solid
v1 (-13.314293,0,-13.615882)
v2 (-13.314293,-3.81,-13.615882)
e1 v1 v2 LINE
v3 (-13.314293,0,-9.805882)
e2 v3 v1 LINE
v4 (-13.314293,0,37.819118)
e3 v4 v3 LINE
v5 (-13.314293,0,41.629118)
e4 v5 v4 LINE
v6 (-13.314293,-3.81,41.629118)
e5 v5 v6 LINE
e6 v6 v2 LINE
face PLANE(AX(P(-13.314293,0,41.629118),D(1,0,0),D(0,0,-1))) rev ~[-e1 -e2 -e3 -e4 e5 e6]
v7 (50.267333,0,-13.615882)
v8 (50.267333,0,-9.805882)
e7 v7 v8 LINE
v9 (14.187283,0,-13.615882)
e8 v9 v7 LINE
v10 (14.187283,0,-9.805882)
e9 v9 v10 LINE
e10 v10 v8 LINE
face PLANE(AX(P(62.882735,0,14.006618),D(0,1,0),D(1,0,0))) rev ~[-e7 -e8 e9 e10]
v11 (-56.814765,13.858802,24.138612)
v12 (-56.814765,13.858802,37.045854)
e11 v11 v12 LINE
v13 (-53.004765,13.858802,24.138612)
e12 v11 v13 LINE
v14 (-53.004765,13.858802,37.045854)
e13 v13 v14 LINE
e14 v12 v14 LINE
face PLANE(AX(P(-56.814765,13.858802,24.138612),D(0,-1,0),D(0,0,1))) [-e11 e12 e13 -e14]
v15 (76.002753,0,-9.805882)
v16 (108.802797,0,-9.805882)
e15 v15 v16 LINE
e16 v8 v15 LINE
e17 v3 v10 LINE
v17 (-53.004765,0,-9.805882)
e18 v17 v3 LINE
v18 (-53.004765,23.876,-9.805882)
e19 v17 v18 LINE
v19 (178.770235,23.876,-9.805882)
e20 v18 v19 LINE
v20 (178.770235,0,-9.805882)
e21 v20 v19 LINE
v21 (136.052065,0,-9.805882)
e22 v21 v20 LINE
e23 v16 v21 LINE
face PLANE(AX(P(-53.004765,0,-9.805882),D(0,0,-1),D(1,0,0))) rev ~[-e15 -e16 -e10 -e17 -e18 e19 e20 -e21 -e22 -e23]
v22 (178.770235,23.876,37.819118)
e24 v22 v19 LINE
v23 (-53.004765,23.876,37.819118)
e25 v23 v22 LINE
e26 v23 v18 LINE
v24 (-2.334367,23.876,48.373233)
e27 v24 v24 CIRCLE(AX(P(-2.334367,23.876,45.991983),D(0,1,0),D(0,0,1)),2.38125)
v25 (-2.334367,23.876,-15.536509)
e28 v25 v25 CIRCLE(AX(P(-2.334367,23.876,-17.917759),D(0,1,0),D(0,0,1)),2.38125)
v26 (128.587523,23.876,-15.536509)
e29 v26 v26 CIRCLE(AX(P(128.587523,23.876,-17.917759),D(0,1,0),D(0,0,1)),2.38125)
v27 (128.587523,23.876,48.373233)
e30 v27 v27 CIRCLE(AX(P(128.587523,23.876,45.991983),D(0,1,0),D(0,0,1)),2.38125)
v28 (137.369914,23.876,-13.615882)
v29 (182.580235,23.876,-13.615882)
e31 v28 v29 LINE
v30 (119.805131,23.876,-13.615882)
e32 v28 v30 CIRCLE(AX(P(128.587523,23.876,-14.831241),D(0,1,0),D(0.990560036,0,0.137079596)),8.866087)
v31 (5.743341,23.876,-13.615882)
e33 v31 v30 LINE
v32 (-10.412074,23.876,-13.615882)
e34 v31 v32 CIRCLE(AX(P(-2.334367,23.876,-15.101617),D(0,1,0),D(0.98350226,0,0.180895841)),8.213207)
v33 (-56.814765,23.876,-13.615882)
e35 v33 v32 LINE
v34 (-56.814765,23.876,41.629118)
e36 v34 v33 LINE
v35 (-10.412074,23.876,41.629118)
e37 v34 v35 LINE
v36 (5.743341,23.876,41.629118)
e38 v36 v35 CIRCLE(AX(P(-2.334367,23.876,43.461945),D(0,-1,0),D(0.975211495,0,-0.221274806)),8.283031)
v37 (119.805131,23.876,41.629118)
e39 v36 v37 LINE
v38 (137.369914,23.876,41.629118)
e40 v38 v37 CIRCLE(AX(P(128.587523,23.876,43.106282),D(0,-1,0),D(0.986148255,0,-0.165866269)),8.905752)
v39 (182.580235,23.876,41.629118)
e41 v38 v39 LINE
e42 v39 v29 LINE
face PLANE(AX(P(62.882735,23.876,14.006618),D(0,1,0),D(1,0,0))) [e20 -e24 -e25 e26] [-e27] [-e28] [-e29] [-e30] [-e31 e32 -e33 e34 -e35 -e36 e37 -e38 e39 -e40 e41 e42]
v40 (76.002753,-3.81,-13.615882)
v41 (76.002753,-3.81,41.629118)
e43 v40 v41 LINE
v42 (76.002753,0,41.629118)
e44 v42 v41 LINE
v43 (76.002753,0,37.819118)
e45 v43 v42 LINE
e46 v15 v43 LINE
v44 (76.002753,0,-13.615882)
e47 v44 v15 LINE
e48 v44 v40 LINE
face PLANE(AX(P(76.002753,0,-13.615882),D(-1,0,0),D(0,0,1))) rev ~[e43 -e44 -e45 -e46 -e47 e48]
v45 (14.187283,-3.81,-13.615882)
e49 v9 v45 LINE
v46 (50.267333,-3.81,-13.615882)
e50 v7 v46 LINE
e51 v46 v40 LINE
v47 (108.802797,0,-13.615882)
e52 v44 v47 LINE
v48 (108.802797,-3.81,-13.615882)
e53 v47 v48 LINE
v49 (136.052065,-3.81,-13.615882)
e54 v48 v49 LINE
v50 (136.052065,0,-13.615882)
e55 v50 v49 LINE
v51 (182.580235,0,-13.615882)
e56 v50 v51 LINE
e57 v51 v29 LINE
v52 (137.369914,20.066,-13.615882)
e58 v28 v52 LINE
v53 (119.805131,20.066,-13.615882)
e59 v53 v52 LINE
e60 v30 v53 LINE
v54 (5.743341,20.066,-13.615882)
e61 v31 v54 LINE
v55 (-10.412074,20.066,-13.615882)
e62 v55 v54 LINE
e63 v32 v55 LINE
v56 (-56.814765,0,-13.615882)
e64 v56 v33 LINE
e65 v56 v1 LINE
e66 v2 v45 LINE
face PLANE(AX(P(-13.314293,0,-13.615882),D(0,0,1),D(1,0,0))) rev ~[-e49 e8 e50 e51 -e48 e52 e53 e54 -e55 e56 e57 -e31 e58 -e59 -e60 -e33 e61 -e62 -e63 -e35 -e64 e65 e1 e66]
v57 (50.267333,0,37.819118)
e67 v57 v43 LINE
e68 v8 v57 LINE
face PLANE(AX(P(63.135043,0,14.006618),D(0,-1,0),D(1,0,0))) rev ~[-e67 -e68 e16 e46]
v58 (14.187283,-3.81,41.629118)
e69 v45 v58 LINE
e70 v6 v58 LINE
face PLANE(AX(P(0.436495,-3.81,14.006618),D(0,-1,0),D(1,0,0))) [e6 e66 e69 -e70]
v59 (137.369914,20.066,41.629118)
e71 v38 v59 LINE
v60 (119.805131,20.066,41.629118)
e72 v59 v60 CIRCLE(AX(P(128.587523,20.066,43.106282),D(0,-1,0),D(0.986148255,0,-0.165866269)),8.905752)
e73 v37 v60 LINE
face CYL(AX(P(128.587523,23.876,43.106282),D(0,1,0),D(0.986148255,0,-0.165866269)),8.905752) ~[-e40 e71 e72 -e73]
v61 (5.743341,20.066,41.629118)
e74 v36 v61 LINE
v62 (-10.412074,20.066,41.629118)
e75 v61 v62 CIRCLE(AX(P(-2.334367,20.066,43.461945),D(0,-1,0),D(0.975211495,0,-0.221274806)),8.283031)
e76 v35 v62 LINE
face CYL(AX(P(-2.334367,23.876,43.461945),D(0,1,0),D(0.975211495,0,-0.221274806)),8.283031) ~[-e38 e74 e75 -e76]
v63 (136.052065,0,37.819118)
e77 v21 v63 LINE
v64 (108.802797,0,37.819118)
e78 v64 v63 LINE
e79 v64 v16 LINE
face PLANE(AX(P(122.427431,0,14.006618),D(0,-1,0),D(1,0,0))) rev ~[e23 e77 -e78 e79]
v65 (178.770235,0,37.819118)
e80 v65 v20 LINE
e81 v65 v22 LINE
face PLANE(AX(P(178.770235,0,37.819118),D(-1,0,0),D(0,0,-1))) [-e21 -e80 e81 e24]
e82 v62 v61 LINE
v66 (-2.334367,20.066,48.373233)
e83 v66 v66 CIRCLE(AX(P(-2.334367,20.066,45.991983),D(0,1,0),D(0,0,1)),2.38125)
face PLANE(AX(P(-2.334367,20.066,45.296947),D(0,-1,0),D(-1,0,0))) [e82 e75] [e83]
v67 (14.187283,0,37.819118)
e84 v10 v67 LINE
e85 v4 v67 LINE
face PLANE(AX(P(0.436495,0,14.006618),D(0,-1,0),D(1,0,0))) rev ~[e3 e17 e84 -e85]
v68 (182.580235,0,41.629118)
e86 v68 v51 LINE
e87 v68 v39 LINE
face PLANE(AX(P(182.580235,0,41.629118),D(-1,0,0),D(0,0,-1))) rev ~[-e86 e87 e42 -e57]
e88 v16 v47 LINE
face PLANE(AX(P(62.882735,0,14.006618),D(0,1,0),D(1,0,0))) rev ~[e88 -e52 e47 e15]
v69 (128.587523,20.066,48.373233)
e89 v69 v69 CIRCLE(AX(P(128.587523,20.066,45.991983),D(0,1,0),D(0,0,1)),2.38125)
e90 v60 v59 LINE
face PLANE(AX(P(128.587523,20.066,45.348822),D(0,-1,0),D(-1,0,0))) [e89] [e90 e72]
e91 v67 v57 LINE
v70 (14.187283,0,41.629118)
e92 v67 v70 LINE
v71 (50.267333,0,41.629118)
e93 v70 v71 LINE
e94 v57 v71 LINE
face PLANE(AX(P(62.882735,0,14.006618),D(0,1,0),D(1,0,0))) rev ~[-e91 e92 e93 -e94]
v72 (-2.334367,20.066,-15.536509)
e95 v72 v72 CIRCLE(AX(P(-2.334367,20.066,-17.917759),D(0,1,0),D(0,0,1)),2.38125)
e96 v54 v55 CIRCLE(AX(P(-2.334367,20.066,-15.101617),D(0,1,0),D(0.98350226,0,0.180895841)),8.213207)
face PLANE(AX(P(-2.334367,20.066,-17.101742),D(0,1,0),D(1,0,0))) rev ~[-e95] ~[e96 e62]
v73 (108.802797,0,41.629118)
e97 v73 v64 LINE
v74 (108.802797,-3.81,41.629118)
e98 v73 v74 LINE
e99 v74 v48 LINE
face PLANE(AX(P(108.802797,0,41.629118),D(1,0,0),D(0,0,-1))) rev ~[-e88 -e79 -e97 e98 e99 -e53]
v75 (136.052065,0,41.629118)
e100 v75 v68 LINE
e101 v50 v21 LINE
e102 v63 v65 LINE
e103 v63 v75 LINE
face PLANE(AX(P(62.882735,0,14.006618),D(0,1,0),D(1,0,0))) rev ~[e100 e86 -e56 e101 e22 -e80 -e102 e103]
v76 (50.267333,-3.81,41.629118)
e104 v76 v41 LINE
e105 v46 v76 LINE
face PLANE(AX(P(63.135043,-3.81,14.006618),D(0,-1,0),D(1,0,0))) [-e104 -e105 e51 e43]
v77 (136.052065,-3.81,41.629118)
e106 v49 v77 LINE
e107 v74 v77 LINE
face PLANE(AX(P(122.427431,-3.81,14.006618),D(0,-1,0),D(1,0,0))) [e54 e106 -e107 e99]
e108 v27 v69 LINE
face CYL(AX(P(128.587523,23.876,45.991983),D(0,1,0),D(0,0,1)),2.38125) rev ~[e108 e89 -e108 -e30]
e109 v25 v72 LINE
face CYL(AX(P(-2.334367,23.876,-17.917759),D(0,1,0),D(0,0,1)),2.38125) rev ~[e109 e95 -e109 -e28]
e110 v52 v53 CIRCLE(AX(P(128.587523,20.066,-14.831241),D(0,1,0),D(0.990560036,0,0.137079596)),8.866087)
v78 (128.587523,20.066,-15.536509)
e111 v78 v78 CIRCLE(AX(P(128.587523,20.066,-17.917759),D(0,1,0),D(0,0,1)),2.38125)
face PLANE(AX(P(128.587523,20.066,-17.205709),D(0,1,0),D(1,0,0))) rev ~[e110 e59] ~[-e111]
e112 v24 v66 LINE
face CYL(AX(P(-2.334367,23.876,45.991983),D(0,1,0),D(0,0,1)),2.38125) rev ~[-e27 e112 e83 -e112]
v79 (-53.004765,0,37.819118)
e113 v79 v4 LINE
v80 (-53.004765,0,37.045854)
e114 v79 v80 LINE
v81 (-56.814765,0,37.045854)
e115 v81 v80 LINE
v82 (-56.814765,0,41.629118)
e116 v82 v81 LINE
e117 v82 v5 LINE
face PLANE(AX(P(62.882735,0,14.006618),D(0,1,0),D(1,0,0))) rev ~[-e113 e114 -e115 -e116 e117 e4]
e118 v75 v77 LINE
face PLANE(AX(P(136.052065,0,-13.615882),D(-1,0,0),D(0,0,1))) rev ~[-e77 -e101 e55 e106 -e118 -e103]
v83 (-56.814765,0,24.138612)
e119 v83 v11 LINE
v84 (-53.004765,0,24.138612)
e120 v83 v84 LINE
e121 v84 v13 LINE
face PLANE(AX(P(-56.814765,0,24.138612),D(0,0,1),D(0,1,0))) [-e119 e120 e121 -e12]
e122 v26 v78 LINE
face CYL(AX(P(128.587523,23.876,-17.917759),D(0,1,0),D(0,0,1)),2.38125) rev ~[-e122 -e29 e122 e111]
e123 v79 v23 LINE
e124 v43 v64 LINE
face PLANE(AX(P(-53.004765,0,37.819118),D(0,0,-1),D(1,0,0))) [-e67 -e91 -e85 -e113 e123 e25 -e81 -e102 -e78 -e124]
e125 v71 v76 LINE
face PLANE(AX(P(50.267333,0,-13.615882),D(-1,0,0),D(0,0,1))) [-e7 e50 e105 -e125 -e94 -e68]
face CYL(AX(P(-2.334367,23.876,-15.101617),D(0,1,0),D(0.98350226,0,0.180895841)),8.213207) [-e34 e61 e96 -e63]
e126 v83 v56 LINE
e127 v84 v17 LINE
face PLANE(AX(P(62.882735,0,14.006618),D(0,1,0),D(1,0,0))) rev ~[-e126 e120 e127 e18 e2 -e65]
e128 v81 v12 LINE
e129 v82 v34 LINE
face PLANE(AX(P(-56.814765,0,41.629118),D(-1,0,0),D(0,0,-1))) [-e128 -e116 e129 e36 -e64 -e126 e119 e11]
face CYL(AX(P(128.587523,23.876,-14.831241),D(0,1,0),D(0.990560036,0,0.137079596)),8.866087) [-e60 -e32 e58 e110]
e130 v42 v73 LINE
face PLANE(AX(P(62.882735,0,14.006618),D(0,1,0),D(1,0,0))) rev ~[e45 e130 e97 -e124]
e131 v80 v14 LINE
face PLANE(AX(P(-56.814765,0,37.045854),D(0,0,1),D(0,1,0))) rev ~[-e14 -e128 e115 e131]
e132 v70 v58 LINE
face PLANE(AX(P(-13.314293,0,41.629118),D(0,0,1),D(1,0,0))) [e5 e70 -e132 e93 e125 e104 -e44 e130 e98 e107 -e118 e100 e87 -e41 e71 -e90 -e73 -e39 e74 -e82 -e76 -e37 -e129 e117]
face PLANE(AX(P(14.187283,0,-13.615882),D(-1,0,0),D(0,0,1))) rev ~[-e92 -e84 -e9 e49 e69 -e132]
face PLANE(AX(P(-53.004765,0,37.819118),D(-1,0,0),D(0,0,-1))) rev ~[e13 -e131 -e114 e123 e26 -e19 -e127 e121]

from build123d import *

# Parameters (mm, degrees)
SKETCH1_W           = 239.395
SKETCH1_H           = 55.245
SKETCH1_W_2         = 231.775
SKETCH1_H_2         = 47.625
BOSS_EXTRUDE1_DEPTH = 23.876
SKETCH2_W           = 27.501576043
SKETCH2_H           = 47.625
SKETCH2_W_2         = 27.249268006
SKETCH2_H_2         = 3.81
SKETCH2_W_3         = 25.735419783
SKETCH2_H_3         = 55.245
BOSS_EXTRUDE2_DEPTH = 3.81
SKETCH3_W           = 12.907242676
SKETCH3_H           = 13.858802321
CUT_EXTRUDE1_DEPTH  = 3.81
SKETCH4_R           = 2.38125
BOSS_EXTRUDE3_DEPTH = 3.81


with BuildPart() as part:
    # Sketch1 → Boss-Extrude1 (new body)
    with BuildSketch(Plane(origin=(0, 0, 0), x_dir=(1, 0, 0), z_dir=(0, 1, 0))):
        with Locations((62.882734648, -14.00661841)):
            Rectangle(SKETCH1_W, SKETCH1_H)
        with Locations((62.882734648, -14.00661841)):
            Rectangle(SKETCH1_W_2, SKETCH1_H_2, mode=Mode.SUBTRACT)
    extrude(amount=BOSS_EXTRUDE1_DEPTH)

    # Sketch2 → Boss-Extrude2 (add)
    with BuildSketch(Plane.XZ):
        with Locations((0.436495468, 14.00661841)):
            Rectangle(SKETCH2_W, SKETCH2_H)
        with Locations((122.427431402, 14.00661841)):
            Rectangle(SKETCH2_W_2, SKETCH2_H)
        with Locations((122.427431402, 39.72411841)):
            Rectangle(SKETCH2_W_2, SKETCH2_H_2)
        with Locations((0.436495468, 39.72411841)):
            Rectangle(SKETCH2_W, SKETCH2_H_2)
        with Locations((0.436495468, -11.71088159)):
            Rectangle(SKETCH2_W, SKETCH2_H_2)
        with Locations((122.427431402, -11.71088159)):
            Rectangle(SKETCH2_W_2, SKETCH2_H_2)
        with Locations((63.135042686, 14.00661841)):
            Rectangle(SKETCH2_W_3, SKETCH2_H_3)
    extrude(amount=BOSS_EXTRUDE2_DEPTH)

    # Sketch3 → Cut-Extrude1 (cut)
    with BuildSketch(Plane.ZY.offset(56.814765352)):
        with Locations((30.592232843, 6.929401161)):
            Rectangle(SKETCH3_W, SKETCH3_H)
    extrude(amount=-CUT_EXTRUDE1_DEPTH, mode=Mode.SUBTRACT)

    # Sketch4 → Boss-Extrude3 (add)
    # profile 1 of 4: a face of its own
    with BuildSketch(Plane(origin=(0, 23.876, 0), x_dir=(1, 0, 0), z_dir=(0, 1, 0))):
        with BuildLine():
            Line((-10.412074004, 13.61588159), (5.743340555, 13.61588159))
            ThreePointArc((5.743340555, 13.61588159), (-2.334366725, 23.314823136), (-10.412074004, 13.61588159))
        make_face()
        with Locations(Location((-2.334366725, 17.917758685, 0), (0, 0, 270))):
            Circle(SKETCH4_R, mode=Mode.SUBTRACT)
    # profile 2 of 4: a face of its own
    with BuildSketch(Plane(origin=(0, 23.876, 0), x_dir=(1, 0, 0), z_dir=(0, 1, 0))):
        with BuildLine():
            Line((-10.412074004, -41.62911841), (5.743340555, -41.62911841))
            ThreePointArc((5.743340555, -41.62911841), (-2.334366725, -51.744975779), (-10.412074004, -41.62911841))
        make_face()
        with Locations(Location((-2.334366725, -45.991983403, 0), (0, 0, 270))):
            Circle(SKETCH4_R, mode=Mode.SUBTRACT)
    # profile 3 of 4: a face of its own
    with BuildSketch(Plane(origin=(0, 23.876, 0), x_dir=(1, 0, 0), z_dir=(0, 1, 0))):
        with BuildLine():
            Line((119.805130889, -41.62911841), (137.369914175, -41.62911841))
            ThreePointArc((137.369914175, -41.62911841), (128.587522532, -52.012034088), (119.805130889, -41.62911841))
        make_face()
        with Locations(Location((128.587522532, -45.991983403, 0), (0, 0, 270))):
            Circle(SKETCH4_R, mode=Mode.SUBTRACT)
    # profile 4 of 4: a face of its own
    with BuildSketch(Plane(origin=(0, 23.876, 0), x_dir=(1, 0, 0), z_dir=(0, 1, 0))):
        with BuildLine():
            Line((119.805130889, 13.61588159), (137.369914175, 13.61588159))
            ThreePointArc((137.369914175, 13.61588159), (128.587522532, 23.697328425), (119.805130889, 13.61588159))
        make_face()
        with Locations(Location((128.587522532, 17.917758685, 0), (0, 0, 270))):
            Circle(SKETCH4_R, mode=Mode.SUBTRACT)
    extrude(amount=-BOSS_EXTRUDE3_DEPTH)


solid = part.part
